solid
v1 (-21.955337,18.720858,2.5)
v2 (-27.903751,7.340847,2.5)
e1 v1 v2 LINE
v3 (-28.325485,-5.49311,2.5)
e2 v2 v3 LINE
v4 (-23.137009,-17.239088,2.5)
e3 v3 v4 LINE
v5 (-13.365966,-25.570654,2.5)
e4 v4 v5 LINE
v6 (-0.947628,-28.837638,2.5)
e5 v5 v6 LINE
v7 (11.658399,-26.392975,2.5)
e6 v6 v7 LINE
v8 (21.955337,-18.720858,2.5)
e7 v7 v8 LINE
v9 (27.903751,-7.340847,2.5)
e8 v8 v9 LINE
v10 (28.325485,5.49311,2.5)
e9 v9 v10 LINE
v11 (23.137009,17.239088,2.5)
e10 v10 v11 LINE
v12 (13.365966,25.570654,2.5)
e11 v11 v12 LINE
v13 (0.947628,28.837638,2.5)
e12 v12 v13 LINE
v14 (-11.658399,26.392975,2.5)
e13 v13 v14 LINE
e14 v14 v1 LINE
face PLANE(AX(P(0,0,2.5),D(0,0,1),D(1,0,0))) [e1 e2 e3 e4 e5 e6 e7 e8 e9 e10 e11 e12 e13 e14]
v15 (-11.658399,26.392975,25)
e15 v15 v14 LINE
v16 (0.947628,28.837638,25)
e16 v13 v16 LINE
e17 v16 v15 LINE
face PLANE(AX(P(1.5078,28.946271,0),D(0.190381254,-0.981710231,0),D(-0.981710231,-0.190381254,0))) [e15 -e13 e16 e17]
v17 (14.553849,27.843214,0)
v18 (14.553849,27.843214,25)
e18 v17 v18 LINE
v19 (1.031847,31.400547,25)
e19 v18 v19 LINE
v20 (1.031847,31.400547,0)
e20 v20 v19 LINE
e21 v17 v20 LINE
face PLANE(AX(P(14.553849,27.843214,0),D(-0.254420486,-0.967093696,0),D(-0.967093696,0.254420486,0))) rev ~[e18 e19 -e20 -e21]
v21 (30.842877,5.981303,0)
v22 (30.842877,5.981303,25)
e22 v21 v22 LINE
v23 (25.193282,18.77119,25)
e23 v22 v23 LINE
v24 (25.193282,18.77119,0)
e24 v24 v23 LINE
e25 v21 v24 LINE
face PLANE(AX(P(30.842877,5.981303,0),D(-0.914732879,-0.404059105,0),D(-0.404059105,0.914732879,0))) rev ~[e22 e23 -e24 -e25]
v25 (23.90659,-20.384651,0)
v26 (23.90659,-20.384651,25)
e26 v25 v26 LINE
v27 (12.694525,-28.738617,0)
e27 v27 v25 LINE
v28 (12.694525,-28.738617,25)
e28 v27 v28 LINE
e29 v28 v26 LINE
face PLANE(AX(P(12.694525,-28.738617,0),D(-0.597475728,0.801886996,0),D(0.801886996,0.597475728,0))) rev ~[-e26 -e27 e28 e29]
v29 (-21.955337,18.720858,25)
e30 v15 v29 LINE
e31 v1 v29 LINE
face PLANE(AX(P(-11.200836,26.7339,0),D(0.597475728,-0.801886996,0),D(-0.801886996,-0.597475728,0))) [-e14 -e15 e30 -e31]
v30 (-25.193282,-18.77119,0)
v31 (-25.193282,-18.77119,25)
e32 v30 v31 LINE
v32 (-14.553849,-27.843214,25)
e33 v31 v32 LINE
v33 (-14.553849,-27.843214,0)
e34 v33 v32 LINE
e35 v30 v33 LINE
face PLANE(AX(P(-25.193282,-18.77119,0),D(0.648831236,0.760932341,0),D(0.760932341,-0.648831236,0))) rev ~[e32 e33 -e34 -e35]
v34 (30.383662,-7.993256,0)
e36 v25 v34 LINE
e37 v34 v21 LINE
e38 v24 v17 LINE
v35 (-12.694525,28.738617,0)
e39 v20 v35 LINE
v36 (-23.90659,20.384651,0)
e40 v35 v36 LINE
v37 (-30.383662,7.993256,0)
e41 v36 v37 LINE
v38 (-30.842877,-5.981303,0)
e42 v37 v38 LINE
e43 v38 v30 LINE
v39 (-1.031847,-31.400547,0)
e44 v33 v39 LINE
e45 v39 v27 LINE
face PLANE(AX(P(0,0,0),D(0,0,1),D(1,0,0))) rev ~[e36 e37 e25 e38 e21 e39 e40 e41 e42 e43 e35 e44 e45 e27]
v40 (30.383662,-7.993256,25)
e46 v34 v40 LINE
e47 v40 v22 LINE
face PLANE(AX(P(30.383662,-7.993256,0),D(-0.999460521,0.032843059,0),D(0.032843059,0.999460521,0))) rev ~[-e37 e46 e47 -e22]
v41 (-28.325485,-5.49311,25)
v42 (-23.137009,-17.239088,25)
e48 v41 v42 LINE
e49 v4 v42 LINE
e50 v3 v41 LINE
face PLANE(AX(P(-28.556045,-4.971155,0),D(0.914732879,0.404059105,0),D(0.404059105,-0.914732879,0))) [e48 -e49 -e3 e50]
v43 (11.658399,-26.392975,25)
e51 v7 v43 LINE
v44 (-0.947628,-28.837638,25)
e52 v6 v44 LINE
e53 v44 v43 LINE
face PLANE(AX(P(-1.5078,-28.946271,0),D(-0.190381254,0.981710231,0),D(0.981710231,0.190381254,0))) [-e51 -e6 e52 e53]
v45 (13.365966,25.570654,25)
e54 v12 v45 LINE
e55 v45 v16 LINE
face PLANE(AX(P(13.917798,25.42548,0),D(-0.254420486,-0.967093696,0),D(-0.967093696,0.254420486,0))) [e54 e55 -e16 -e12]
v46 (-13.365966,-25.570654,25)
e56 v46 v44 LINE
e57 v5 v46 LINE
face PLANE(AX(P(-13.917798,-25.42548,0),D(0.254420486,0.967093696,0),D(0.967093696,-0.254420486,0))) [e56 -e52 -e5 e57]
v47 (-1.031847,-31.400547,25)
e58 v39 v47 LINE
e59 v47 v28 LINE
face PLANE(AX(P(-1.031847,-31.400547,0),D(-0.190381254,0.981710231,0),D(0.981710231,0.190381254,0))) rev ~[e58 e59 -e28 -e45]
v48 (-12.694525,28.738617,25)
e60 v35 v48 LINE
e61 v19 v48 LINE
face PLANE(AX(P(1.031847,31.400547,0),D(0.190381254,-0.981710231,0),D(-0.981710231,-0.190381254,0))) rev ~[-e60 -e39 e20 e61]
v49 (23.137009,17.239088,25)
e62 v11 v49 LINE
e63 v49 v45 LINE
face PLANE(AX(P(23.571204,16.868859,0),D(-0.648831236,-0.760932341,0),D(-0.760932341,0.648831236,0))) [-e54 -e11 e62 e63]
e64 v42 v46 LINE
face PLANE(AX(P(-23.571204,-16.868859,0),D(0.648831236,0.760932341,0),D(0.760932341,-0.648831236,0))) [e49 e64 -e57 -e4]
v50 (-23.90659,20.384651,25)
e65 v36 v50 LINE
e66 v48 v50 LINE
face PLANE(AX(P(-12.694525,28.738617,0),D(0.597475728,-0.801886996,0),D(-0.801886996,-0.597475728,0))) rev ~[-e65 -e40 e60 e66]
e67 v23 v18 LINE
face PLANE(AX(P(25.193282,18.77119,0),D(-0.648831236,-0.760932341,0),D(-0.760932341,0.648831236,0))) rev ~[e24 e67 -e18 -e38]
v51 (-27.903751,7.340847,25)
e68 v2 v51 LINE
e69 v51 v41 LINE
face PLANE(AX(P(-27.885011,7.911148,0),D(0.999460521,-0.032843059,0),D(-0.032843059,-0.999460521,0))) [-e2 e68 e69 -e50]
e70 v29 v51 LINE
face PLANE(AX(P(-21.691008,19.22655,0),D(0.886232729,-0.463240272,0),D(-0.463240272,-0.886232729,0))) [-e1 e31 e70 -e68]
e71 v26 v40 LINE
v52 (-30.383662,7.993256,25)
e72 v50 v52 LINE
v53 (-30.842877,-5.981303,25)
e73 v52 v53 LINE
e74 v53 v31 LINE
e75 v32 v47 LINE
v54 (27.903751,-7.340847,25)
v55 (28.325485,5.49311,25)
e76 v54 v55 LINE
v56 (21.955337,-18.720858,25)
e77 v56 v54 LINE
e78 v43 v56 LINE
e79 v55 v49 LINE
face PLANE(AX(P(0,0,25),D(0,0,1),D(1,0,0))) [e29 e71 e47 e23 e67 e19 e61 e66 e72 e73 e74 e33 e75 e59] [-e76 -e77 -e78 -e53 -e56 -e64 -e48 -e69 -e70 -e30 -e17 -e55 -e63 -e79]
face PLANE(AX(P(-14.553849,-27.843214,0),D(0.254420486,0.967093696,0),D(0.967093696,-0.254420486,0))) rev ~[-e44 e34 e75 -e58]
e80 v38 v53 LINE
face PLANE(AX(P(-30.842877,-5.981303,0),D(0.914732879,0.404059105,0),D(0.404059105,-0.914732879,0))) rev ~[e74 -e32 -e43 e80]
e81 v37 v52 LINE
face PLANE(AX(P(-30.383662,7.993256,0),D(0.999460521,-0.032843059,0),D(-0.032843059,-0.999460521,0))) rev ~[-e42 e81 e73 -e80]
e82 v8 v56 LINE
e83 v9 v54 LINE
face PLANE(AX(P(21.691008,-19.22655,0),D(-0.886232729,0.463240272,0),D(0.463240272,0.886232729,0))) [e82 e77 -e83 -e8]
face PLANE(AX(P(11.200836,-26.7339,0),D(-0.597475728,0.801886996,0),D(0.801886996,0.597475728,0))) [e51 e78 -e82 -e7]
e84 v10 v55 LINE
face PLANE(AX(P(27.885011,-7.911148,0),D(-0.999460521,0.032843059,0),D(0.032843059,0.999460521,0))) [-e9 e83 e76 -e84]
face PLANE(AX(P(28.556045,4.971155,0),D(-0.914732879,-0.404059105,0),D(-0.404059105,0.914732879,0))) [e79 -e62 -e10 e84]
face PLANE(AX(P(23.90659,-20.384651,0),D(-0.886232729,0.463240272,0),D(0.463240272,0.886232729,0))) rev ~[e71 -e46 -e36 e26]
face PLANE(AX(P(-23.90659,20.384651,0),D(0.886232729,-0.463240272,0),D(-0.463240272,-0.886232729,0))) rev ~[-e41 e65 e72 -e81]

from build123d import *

# Parameters (mm, degrees)
F1_DEPTH = 25
F2_T     = -2.5


with BuildPart() as f1:
    # F0 (on Top) → F1 (new body)
    with BuildSketch(Plane.XY):
        Polygon((-12.694525, 28.738617), (-23.90659, 20.384651), (-30.383662, 7.993256), (-30.842877, -5.981303), (-25.193282, -18.77119), (-14.553849, -27.843214), (-1.031847, -31.400547), (12.694525, -28.738617), (23.90659, -20.384651), (30.383662, -7.993256), (30.842877, 5.981303), (25.193282, 18.77119), (14.553849, 27.843214), (1.031847, 31.400547), align=None)
    extrude(amount=F1_DEPTH)

    # F2
    f2_openings = [f1.faces().sort_by_distance(p)[0] for p in [
        (0, 0, 25),
    ]]
    offset(amount=F2_T, openings=f2_openings)


solid = f1.part
